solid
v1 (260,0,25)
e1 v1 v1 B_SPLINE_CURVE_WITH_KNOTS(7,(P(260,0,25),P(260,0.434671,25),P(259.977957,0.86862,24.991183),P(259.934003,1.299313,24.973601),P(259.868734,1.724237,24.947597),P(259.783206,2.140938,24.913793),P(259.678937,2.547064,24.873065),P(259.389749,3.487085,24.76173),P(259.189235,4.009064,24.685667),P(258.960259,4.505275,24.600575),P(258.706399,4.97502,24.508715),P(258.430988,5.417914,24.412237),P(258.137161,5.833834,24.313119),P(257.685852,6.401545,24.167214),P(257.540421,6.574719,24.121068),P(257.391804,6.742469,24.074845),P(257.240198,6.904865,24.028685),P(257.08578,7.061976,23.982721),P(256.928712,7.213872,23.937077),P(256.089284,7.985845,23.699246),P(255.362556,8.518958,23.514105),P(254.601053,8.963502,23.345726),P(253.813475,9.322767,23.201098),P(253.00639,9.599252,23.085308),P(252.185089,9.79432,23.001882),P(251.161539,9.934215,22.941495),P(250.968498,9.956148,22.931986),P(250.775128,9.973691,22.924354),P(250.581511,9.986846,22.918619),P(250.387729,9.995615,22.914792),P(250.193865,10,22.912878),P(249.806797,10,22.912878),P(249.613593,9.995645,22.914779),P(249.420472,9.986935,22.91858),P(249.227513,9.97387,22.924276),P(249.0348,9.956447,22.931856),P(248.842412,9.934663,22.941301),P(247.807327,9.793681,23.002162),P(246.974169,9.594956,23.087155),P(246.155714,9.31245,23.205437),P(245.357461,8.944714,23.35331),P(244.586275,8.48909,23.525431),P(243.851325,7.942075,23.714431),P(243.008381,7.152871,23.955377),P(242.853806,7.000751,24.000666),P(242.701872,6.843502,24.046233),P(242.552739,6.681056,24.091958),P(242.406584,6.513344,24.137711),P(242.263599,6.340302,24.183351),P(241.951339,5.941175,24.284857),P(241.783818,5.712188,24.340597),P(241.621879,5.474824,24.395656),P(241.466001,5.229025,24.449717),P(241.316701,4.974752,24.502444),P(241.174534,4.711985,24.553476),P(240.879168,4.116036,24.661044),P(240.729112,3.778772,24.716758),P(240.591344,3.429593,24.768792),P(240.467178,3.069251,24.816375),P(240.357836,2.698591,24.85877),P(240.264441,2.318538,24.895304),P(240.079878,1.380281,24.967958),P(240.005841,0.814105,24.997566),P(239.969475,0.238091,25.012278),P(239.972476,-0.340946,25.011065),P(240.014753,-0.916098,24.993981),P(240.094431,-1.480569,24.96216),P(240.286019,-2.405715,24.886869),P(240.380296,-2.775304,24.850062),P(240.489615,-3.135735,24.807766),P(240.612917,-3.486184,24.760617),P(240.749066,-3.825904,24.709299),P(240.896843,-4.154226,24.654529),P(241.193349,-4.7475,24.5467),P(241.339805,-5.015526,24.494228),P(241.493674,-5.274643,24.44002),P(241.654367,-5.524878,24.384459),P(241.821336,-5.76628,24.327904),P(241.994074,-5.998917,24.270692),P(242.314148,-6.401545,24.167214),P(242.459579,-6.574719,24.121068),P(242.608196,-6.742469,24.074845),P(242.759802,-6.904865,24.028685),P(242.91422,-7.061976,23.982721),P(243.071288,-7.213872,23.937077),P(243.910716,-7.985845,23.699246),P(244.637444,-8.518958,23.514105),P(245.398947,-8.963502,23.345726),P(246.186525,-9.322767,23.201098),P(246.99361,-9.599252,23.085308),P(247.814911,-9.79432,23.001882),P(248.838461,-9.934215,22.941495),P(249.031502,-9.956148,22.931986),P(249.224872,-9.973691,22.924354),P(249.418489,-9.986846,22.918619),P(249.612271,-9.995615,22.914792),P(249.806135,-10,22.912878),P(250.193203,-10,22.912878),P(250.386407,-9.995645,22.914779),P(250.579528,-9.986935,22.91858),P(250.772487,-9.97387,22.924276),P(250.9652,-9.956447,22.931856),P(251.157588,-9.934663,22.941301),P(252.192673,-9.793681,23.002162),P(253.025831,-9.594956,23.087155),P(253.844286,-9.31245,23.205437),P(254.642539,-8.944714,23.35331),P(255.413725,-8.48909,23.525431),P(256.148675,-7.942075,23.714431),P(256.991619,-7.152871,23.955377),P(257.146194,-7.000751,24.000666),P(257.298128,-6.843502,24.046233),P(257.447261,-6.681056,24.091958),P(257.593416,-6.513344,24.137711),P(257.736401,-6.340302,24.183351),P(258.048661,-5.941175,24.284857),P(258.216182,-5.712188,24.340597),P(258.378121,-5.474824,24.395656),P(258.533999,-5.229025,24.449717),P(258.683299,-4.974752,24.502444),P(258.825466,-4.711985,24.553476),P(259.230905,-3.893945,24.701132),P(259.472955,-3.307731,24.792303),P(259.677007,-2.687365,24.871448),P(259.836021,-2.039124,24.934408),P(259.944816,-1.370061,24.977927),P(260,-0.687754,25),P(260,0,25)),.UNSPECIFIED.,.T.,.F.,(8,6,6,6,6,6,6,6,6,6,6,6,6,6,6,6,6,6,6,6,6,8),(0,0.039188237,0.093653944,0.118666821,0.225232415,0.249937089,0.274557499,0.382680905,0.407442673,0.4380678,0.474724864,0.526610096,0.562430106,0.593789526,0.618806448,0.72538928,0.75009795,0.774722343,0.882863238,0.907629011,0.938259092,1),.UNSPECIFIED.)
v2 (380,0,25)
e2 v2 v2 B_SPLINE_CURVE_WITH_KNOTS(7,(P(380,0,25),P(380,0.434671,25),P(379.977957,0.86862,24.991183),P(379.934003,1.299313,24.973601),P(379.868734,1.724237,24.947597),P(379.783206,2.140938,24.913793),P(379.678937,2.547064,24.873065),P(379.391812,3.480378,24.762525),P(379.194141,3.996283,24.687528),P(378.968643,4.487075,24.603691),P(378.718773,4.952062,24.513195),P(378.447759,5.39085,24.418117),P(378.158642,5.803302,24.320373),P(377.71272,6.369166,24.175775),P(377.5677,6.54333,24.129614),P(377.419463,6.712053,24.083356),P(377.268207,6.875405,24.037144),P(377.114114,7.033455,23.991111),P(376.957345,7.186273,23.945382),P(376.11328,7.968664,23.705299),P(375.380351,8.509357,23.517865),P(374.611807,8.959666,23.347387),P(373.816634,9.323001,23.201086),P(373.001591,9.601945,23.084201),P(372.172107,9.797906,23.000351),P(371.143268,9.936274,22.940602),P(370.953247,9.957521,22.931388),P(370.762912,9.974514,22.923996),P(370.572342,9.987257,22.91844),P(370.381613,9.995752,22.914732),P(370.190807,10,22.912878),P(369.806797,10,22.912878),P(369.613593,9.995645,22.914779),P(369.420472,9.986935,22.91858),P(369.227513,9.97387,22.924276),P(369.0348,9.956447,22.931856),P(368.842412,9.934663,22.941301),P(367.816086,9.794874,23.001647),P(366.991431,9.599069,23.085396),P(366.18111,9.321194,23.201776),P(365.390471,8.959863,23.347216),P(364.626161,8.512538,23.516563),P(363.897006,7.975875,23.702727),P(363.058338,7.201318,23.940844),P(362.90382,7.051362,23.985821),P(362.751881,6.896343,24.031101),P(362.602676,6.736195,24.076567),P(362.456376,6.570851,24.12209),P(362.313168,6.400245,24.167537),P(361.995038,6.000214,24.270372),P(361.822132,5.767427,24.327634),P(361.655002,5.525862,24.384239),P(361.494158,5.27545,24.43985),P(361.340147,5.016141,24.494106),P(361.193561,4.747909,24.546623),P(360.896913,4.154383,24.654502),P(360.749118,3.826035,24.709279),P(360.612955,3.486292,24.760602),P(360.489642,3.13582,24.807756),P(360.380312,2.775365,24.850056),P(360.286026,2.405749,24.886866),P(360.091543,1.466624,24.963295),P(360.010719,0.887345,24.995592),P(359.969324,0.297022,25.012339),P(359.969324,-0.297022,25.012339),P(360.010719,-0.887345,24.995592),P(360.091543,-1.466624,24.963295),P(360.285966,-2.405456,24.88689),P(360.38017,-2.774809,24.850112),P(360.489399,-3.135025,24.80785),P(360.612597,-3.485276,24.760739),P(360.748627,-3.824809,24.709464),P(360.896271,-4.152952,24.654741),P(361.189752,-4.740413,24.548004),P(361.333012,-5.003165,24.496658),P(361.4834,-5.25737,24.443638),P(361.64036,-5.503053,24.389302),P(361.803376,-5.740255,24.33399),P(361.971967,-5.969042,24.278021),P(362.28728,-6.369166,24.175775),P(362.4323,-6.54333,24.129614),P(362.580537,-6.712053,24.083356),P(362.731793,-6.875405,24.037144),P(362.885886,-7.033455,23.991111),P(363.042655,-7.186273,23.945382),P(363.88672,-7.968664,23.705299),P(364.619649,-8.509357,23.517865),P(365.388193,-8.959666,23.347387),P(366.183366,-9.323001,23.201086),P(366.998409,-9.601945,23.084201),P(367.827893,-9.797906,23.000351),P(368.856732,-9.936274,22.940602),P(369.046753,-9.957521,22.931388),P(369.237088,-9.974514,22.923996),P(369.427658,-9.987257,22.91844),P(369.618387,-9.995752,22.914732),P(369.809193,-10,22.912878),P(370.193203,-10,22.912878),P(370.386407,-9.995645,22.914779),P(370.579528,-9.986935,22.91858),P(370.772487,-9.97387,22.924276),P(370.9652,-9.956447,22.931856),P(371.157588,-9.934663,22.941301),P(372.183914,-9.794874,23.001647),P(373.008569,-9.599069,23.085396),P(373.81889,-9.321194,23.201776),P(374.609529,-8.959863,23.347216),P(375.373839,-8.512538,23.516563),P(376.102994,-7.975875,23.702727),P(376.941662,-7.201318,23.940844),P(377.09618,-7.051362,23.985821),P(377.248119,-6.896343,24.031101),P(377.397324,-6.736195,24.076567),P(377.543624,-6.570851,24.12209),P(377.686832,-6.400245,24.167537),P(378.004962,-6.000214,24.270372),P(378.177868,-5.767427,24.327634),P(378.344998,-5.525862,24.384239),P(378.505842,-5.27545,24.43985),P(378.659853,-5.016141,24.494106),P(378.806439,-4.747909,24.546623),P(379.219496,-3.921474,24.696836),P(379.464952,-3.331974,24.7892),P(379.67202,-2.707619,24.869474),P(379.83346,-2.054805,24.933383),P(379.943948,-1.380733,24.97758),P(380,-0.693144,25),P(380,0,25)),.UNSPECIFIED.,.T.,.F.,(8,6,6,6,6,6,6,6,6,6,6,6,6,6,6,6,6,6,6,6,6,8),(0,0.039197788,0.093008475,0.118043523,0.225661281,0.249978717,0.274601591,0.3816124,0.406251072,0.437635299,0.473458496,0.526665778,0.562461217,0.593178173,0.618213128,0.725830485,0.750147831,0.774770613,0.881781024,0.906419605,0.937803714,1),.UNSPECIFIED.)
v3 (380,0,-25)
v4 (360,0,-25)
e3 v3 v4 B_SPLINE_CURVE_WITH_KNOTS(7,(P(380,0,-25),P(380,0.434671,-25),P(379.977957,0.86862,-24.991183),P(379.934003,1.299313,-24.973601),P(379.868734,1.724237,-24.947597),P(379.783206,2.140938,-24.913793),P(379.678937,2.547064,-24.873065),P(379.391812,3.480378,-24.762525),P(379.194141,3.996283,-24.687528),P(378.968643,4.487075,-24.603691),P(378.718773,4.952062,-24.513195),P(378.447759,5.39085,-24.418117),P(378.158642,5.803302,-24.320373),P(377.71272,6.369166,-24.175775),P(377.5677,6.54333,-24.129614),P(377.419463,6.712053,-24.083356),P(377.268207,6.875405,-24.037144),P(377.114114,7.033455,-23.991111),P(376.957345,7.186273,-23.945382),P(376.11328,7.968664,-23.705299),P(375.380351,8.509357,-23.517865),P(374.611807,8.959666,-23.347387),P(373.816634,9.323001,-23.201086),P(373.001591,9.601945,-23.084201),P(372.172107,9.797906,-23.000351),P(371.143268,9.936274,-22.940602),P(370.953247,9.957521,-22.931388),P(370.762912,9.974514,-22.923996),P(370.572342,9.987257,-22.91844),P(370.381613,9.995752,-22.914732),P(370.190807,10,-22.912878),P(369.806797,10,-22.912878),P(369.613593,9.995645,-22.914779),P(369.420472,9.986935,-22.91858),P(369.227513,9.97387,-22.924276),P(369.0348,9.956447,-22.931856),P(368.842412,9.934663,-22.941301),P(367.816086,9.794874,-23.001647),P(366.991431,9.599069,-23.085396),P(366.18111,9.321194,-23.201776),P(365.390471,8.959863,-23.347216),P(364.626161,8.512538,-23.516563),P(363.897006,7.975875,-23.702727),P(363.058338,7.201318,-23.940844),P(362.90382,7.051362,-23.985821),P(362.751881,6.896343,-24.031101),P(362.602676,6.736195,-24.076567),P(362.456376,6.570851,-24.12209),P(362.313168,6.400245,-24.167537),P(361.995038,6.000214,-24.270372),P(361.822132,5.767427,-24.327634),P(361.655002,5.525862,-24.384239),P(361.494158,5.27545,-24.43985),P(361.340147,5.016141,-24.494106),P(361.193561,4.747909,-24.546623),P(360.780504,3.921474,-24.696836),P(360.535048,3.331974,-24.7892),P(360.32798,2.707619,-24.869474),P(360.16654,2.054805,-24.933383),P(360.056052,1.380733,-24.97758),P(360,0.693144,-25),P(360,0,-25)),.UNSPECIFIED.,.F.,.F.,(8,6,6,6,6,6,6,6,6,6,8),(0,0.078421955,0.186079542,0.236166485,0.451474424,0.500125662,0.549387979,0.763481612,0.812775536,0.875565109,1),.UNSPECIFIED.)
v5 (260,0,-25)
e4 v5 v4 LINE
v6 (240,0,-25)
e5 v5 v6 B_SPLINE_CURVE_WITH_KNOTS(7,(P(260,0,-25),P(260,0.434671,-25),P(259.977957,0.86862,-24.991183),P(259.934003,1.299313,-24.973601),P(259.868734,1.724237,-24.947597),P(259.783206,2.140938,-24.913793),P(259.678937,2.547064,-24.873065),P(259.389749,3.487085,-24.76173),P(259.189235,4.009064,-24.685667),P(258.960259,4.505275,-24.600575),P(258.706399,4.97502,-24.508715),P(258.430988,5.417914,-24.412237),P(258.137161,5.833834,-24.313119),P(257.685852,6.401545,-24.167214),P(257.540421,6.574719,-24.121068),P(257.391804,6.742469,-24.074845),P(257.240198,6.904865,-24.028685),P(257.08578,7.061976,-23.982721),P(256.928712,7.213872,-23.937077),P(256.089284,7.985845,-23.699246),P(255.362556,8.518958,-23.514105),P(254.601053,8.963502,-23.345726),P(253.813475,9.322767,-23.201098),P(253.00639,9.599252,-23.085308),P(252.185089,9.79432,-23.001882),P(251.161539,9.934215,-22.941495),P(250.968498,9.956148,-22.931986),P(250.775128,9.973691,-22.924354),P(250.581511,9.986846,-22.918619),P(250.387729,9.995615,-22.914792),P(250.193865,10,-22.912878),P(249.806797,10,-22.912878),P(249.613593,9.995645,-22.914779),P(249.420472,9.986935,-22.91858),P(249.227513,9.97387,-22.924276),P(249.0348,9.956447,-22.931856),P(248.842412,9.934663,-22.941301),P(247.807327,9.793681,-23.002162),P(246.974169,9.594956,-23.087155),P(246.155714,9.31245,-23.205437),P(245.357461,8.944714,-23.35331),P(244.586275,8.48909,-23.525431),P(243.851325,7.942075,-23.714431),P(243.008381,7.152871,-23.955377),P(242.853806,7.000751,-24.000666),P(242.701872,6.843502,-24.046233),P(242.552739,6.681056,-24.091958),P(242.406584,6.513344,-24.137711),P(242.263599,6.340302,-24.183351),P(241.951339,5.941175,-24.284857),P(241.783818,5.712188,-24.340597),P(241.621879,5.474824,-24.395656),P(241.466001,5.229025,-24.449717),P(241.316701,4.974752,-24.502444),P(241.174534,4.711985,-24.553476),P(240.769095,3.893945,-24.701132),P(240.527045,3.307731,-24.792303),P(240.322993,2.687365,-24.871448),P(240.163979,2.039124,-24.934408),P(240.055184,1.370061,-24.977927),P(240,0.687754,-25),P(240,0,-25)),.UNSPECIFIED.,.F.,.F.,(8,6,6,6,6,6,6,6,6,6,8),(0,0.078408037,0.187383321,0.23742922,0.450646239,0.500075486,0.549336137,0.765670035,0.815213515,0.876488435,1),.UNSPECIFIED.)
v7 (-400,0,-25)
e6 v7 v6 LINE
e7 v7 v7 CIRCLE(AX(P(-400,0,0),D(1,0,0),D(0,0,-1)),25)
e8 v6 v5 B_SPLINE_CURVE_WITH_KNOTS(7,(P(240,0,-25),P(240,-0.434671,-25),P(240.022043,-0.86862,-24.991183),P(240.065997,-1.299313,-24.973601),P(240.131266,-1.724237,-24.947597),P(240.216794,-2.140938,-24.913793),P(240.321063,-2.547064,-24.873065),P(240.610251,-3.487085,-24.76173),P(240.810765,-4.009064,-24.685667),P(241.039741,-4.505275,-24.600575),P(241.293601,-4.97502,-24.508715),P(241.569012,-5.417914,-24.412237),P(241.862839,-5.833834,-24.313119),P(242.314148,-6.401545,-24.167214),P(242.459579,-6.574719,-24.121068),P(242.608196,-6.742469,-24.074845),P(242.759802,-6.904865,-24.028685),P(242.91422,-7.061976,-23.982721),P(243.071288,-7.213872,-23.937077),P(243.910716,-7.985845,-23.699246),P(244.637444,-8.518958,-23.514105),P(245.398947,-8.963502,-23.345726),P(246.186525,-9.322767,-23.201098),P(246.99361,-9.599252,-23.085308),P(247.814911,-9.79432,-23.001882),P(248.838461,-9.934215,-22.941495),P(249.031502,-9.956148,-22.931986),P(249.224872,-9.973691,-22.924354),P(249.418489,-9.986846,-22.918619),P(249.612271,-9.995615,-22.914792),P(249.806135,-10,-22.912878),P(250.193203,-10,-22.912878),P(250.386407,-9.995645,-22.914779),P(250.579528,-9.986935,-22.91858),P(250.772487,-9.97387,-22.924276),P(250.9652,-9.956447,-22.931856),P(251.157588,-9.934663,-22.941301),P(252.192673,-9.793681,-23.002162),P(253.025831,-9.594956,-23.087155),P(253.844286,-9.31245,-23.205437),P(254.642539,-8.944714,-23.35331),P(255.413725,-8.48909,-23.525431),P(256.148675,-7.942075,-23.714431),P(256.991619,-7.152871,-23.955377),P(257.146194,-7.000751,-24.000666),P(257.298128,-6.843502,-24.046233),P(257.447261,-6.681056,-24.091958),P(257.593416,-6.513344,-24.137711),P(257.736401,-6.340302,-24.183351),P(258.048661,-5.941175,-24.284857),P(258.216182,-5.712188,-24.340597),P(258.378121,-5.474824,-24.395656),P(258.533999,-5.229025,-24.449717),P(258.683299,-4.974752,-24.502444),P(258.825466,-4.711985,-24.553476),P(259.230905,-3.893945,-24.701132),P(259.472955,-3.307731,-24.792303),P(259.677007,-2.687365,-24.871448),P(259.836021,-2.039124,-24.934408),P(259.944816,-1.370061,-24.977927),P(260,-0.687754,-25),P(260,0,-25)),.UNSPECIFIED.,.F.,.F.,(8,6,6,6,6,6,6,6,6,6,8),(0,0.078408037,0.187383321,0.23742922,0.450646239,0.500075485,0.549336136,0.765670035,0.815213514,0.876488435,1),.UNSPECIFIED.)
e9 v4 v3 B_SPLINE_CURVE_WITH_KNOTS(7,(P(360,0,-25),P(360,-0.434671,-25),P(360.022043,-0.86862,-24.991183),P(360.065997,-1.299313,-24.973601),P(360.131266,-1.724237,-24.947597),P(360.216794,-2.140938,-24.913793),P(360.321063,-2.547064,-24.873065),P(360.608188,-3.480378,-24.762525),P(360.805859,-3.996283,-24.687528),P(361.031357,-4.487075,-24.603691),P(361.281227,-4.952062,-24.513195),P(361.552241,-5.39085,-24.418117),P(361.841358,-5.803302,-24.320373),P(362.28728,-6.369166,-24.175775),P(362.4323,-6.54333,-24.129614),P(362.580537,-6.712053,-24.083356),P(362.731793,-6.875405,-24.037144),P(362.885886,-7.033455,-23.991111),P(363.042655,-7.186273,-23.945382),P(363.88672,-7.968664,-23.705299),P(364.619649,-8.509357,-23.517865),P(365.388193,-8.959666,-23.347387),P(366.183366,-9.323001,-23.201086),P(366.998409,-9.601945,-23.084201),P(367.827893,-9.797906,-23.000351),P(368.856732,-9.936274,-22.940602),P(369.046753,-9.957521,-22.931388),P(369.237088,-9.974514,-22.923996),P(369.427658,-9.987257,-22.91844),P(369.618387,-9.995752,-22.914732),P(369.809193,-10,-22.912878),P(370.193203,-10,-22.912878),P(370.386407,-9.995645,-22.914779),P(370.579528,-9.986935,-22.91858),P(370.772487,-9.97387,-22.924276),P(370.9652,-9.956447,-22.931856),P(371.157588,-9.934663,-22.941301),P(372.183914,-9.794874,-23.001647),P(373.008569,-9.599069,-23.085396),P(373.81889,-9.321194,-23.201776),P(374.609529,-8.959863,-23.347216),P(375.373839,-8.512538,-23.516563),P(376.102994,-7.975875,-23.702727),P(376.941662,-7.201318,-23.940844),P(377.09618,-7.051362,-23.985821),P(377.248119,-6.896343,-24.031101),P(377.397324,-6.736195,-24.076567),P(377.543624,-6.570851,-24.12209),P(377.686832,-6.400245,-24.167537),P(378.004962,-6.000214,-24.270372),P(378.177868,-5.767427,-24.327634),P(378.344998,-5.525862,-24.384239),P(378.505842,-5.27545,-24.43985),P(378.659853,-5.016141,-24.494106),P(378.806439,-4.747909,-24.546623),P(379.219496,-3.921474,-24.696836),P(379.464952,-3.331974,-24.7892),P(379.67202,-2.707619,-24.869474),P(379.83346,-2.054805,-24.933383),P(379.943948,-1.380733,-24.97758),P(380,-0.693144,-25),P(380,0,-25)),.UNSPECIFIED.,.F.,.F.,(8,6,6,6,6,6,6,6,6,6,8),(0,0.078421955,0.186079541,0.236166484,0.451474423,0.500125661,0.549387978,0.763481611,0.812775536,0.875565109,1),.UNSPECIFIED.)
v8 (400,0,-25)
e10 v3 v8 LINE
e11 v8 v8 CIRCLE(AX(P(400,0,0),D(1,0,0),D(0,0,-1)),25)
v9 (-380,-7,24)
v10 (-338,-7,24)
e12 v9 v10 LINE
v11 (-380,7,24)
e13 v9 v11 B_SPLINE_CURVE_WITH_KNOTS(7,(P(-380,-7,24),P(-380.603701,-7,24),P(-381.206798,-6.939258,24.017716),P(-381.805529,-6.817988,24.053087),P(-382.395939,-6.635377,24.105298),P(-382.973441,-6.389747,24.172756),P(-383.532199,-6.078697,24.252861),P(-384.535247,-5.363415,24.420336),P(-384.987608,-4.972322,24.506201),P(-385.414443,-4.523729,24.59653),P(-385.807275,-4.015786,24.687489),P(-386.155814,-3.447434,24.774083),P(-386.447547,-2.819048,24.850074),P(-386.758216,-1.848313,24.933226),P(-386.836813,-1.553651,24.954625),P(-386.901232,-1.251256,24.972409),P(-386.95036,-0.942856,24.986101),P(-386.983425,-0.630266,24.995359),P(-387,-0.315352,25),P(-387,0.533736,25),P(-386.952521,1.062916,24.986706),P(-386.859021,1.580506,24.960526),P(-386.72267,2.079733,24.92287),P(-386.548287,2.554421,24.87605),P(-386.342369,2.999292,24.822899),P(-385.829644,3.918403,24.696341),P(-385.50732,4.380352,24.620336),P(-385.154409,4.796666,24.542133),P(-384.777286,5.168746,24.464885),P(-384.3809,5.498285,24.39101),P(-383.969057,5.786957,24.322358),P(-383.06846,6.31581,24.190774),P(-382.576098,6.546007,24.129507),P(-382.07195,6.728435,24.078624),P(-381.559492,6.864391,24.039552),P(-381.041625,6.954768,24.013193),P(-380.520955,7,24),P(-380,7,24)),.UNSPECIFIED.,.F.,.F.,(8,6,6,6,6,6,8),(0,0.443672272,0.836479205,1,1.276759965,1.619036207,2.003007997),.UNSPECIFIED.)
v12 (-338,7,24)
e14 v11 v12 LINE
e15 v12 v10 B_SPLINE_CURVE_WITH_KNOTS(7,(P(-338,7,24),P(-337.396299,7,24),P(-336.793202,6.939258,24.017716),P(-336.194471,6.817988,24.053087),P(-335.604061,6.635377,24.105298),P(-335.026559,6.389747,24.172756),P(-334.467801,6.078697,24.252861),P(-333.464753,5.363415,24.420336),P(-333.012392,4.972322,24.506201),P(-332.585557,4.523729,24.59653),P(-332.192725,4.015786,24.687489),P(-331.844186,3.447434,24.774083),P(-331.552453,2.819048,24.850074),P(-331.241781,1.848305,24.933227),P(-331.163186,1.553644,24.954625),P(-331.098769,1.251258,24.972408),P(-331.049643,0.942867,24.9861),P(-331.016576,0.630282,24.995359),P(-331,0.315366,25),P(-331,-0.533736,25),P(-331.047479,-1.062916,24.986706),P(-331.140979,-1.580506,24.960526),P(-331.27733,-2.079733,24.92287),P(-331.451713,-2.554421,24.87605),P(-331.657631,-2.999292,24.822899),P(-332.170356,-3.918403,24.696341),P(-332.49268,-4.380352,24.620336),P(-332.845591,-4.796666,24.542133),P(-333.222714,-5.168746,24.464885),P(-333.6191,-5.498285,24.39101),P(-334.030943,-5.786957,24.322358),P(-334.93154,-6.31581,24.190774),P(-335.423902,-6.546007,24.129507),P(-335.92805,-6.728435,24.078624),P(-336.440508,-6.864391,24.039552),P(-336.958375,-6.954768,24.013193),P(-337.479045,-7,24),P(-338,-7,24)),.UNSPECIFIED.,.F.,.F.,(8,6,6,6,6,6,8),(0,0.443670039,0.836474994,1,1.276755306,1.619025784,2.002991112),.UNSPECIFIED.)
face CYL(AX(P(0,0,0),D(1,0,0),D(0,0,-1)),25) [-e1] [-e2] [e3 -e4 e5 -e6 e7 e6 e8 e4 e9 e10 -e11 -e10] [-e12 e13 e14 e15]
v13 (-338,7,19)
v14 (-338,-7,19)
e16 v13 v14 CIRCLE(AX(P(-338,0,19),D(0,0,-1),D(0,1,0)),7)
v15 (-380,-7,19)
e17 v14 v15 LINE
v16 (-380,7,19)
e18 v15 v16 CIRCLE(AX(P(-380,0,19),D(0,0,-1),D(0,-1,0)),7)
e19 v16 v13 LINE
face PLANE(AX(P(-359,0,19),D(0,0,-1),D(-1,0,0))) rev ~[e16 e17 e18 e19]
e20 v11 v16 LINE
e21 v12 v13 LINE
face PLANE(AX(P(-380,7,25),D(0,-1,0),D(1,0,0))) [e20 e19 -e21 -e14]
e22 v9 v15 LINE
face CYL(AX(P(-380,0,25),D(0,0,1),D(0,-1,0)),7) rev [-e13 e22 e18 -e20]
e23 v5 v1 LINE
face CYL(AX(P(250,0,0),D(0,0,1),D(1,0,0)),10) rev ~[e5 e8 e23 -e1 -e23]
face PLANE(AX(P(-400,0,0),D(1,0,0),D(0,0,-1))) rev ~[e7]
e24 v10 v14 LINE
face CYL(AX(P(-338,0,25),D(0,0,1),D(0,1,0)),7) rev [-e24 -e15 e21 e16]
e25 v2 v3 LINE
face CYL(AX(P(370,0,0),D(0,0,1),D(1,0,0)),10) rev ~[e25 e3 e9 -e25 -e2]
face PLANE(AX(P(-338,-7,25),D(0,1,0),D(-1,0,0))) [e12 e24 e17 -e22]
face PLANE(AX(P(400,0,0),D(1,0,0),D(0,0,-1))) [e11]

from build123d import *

# Parameters (mm, degrees)
SKETCH1_R           = 25
BOSS_EXTRUDE1_DEPTH = 400
SKETCH2_R           = 10
CUT_EXTRUDE1_DEPTH  = 160
CUT_EXTRUDE2_DEPTH  = 6


with BuildPart() as part:
    # Sketch1 → Boss-Extrude1 (new, symmetric)
    with BuildSketch(Plane(origin=(0, 0, 0), x_dir=(0, 0, -1), z_dir=(1, 0, 0))):
        Circle(SKETCH1_R)
    extrude(amount=BOSS_EXTRUDE1_DEPTH, both=True)

    # Sketch2 → Cut-Extrude1 (cut, symmetric)
    with BuildSketch(Plane.XY):
        with Locations((370, 0)):
            Circle(SKETCH2_R)
        with Locations((250, 0)):
            Circle(SKETCH2_R)
    extrude(amount=CUT_EXTRUDE1_DEPTH, both=True, mode=Mode.SUBTRACT)

    # Sketch3 → Cut-Extrude2 (cut)
    with BuildSketch(Plane.XY.offset(25)):
        with BuildLine():
            Line((-380, 7), (-338, 7))
            ThreePointArc((-338, 7), (-331, 0), (-338, -7))
            Line((-338, -7), (-380, -7))
            ThreePointArc((-380, -7), (-387, 0), (-380, 7))
        make_face()
    extrude(amount=-CUT_EXTRUDE2_DEPTH, mode=Mode.SUBTRACT)


solid = part.part
